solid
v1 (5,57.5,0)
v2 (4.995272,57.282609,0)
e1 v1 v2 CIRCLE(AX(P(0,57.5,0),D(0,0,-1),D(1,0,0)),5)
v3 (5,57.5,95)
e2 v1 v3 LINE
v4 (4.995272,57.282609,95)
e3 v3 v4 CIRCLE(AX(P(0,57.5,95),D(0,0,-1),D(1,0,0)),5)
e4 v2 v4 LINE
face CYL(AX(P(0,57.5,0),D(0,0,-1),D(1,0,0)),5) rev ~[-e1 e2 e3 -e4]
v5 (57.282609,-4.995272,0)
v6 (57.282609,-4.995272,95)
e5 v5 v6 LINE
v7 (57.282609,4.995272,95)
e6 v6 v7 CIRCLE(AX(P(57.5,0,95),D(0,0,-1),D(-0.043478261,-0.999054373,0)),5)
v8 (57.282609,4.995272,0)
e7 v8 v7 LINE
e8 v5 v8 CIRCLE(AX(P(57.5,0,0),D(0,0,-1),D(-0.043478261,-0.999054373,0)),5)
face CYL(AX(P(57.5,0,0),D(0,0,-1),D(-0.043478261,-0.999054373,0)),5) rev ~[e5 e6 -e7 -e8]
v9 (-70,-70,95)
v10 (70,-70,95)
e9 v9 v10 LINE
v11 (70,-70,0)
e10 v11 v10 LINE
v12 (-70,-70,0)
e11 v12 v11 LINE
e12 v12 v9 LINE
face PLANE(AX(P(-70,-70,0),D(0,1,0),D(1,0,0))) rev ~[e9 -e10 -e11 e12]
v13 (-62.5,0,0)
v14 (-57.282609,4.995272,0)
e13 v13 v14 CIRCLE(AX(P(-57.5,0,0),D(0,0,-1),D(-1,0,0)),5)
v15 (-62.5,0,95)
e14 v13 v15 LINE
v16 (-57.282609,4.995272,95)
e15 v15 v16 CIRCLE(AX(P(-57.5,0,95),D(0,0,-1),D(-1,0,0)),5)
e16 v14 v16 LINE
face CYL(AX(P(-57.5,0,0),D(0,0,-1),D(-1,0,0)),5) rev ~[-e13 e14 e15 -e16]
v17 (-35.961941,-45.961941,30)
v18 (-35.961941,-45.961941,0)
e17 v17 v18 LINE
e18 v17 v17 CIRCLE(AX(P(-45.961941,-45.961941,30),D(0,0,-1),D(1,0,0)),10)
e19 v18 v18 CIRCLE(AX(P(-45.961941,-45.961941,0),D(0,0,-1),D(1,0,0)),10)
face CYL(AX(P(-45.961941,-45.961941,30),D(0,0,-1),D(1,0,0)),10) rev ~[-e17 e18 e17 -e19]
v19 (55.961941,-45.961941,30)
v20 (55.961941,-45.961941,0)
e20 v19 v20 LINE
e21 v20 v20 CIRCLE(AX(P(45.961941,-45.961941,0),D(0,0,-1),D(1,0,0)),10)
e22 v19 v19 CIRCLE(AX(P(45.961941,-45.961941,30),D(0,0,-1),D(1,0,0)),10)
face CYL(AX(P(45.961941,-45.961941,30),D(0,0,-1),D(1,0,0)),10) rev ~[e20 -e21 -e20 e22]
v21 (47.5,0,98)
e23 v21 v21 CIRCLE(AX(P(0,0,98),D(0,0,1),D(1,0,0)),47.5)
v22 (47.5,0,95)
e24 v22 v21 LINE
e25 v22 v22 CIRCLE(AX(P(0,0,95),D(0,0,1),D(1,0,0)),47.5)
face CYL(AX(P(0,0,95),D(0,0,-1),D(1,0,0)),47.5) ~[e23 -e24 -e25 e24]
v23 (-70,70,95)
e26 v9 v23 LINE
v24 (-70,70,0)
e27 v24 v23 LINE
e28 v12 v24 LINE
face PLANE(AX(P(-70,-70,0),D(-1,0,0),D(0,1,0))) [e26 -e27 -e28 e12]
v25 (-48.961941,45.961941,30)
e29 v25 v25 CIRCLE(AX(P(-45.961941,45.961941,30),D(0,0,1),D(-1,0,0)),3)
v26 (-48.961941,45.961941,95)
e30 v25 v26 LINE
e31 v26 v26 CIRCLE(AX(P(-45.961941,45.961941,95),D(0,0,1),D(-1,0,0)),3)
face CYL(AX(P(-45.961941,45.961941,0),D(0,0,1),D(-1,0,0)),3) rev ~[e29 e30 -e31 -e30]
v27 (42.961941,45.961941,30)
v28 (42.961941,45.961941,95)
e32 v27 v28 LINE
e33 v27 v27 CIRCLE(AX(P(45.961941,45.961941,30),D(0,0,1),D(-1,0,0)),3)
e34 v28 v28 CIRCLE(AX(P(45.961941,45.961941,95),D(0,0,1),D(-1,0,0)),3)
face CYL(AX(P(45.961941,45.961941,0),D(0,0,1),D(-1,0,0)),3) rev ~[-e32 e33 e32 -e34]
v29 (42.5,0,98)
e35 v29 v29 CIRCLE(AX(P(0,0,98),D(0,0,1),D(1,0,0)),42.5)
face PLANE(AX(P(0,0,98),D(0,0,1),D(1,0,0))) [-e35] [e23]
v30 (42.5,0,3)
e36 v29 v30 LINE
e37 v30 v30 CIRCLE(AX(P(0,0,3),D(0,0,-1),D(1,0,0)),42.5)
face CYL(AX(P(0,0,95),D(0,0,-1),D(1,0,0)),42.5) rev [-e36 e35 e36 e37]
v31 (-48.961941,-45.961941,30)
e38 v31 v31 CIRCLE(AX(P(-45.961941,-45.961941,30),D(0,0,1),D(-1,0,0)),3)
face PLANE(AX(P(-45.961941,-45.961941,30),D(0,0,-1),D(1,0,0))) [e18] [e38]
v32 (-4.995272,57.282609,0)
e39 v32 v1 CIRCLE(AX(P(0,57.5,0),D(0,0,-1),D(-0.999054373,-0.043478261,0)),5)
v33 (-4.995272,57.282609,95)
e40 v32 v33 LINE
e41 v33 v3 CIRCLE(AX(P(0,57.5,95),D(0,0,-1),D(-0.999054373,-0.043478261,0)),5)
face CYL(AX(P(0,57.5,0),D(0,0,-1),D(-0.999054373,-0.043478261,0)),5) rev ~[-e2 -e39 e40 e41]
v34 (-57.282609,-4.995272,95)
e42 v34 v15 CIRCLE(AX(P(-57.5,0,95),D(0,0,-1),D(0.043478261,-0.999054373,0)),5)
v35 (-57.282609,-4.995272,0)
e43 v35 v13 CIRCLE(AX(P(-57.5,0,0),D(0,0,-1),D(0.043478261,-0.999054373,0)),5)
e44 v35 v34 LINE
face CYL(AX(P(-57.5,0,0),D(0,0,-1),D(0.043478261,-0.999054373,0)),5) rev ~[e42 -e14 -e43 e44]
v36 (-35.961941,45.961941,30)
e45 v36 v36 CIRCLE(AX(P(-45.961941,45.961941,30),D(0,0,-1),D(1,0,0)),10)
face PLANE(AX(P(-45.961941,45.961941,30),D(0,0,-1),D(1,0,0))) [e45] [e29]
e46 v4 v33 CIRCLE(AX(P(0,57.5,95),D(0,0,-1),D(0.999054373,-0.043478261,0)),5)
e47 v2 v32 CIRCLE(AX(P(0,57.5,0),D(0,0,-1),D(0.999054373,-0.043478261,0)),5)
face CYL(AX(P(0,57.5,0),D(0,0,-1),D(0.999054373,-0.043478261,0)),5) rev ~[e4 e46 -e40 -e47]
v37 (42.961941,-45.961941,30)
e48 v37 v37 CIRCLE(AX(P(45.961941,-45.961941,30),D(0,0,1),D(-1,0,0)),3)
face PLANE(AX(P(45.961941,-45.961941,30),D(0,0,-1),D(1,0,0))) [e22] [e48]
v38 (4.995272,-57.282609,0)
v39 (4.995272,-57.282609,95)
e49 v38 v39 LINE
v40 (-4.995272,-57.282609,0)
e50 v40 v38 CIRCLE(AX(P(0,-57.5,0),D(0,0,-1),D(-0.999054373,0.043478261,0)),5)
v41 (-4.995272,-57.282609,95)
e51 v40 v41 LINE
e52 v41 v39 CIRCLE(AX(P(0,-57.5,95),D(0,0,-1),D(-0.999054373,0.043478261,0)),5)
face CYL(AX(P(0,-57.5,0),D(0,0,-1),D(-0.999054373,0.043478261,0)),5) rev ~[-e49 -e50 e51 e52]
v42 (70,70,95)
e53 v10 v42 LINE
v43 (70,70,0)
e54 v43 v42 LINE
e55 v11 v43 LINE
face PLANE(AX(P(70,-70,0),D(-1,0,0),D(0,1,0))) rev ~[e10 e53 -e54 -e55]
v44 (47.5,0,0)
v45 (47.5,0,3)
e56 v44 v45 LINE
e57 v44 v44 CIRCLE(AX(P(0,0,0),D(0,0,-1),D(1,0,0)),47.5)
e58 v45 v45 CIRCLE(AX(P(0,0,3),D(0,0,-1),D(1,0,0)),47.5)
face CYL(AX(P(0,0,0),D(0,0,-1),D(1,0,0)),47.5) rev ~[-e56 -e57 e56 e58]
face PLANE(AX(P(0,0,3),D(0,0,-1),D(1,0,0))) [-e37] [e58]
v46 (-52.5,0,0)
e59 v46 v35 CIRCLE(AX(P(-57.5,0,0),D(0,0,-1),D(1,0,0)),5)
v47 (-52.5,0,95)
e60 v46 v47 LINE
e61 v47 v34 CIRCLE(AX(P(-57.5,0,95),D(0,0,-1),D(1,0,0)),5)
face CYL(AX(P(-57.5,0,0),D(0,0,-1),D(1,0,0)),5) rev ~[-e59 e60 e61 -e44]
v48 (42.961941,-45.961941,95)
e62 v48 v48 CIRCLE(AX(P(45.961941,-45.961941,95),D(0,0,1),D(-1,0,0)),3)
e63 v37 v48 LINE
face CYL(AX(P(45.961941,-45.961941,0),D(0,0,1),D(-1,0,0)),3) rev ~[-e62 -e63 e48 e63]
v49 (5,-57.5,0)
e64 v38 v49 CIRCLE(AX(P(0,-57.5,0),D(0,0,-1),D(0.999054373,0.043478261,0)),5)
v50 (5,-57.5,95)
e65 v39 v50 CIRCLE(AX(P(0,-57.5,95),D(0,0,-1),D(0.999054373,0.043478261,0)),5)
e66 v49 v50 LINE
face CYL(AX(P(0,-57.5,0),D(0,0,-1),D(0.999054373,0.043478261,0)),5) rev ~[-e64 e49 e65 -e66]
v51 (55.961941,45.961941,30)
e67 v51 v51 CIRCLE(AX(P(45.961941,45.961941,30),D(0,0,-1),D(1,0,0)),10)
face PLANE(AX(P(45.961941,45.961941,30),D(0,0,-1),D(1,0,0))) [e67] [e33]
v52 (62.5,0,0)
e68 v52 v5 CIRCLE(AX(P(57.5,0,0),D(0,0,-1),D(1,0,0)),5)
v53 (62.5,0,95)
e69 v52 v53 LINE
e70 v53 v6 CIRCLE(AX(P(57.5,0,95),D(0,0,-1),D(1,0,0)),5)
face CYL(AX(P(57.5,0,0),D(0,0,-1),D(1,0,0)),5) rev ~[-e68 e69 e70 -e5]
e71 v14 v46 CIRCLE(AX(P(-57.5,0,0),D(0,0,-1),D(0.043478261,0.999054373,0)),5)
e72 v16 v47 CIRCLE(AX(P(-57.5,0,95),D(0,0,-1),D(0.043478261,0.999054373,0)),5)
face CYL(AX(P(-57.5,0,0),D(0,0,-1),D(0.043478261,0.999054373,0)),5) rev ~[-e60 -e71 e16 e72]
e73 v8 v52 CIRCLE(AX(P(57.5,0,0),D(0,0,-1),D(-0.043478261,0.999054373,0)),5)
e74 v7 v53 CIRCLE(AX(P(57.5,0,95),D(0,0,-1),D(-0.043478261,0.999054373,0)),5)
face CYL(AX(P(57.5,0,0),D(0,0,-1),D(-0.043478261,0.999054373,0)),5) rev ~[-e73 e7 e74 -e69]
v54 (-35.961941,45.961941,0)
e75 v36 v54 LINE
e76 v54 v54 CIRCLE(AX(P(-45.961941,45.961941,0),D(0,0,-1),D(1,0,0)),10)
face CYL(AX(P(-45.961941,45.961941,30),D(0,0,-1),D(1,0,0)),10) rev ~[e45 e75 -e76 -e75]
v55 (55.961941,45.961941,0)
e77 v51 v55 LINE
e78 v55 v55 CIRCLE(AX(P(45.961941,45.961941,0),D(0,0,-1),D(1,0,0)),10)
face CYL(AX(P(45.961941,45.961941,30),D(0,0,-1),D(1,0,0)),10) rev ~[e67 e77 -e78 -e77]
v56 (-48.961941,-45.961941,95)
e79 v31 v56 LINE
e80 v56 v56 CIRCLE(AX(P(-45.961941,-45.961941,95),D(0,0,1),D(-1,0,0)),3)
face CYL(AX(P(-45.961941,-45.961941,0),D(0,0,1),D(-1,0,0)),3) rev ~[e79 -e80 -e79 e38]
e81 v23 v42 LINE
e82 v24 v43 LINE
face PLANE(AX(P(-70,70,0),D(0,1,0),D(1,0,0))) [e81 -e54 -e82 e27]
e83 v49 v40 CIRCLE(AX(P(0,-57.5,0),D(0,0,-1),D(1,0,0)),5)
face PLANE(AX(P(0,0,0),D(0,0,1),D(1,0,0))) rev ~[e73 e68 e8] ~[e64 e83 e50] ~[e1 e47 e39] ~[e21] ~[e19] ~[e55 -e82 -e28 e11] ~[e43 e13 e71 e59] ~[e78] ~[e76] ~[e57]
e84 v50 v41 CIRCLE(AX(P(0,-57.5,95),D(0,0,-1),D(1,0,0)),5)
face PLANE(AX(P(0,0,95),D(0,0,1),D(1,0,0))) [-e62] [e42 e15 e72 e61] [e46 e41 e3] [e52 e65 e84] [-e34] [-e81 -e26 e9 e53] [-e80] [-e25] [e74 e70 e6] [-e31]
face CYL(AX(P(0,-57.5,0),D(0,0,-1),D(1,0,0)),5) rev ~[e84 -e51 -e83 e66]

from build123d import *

# Parameters (mm, degrees)
F0_W           = 140
F0_H           = 140
F0_R           = 42.5
F1_DEPTH       = 95
F2_R           = 47.5
F2_R_2         = 42.5
F3_DEPTH       = 3
F4_R           = 47.5
F4_R_2         = 42.5
F5_DEPTH       = 3
F8_DEPTH       = 98.001
F9_D           = 6
F9_CBORE_D     = 20
F9_CBORE_DEPTH = 30


with BuildPart() as f1:
    # F0 (on Top) → F1 (new body)
    with BuildSketch(Plane.XY):
        Rectangle(F0_W, F0_H)
        Circle(F0_R, mode=Mode.SUBTRACT)
    extrude(amount=F1_DEPTH)

    # F2 (on face) → F3 (join)
    with BuildSketch(Plane.XY.offset(95)):
        Circle(F2_R)
        Circle(F2_R_2, mode=Mode.SUBTRACT)
    extrude(amount=F3_DEPTH)

    # F4 (on face) → F5 (cut)
    with BuildSketch(Plane(origin=(0, 0, 0), x_dir=(1, 0, 0), z_dir=(0, 0, -1))):
        Circle(F4_R)
        Circle(F4_R_2, mode=Mode.SUBTRACT)
    extrude(amount=-F5_DEPTH, mode=Mode.SUBTRACT)

    # F7 (on face) → F8 (cut, through all)
    with BuildSketch(Plane(origin=(0, 0, 0), x_dir=(1, 0, 0), z_dir=(0, 0, -1))):
        with BuildLine():
            ThreePointArc((-62.5, 0), (-60.957820374, -3.6115755926), (-57.2826086957, -4.9952718666))
            ThreePointArc((-57.2826086957, -4.9952718666), (-57.4456264654, -2.5), (-57.5, 0))
            Line((-57.5, 0), (-62.5, 0))
        make_face()
        with BuildLine():
            ThreePointArc((-57.5, 0), (-57.4456264654, -2.5), (-57.2826086957, -4.9952718666))
            ThreePointArc((-57.2826086957, -4.9952718666), (-53.8884244074, -3.457820374), (-52.5, 0))
            Line((-52.5, 0), (-57.5, 0))
        make_face()
        with BuildLine():
            ThreePointArc((-52.5, 0), (-53.8884244074, 3.457820374), (-57.2826086957, 4.9952718666))
            ThreePointArc((-57.2826086957, 4.9952718666), (-57.4456264654, 2.5), (-57.5, 0))
            Line((-57.5, 0), (-52.5, 0))
        make_face()
        with BuildLine():
            ThreePointArc((-57.5, 0), (-57.4456264654, 2.5), (-57.2826086957, 4.9952718666))
            ThreePointArc((-57.2826086957, 4.9952718666), (-60.957820374, 3.6115755926), (-62.5, 0))
            Line((-62.5, 0), (-57.5, 0))
        make_face()
        with BuildLine():
            ThreePointArc((-4.9952718666, -57.2826086957), (0, -57.5), (4.9952718666, -57.2826086957))
            ThreePointArc((4.9952718666, -57.2826086957), (0, -52.5), (-4.9952718666, -57.2826086957))
        make_face()
        with BuildLine():
            ThreePointArc((5, -57.5), (4.9988178269, -57.3912786423), (4.9952718666, -57.2826086957))
            ThreePointArc((4.9952718666, -57.2826086957), (0, -57.5), (-4.9952718666, -57.2826086957))
            ThreePointArc((-4.9952718666, -57.2826086957), (-0.1087213577, -62.4988178269), (5, -57.5))
        make_face()
        with BuildLine():
            ThreePointArc((57.2826086957, 4.9952718666), (57.4456264654, 2.5), (57.5, 0))
            ThreePointArc((57.5, 0), (57.4456264654, -2.5), (57.2826086957, -4.9952718666))
            ThreePointArc((57.2826086957, -4.9952718666), (60.957820374, -3.6115755926), (62.5, 0))
            ThreePointArc((62.5, 0), (60.957820374, 3.6115755926), (57.2826086957, 4.9952718666))
        make_face()
        with BuildLine():
            ThreePointArc((57.2826086957, -4.9952718666), (57.4456264654, -2.5), (57.5, 0))
            ThreePointArc((57.5, 0), (57.4456264654, 2.5), (57.2826086957, 4.9952718666))
            ThreePointArc((57.2826086957, 4.9952718666), (52.5, 0), (57.2826086957, -4.9952718666))
        make_face()
        with BuildLine():
            ThreePointArc((-4.9952718666, 57.2826086957), (0, 52.5), (4.9952718666, 57.2826086957))
            ThreePointArc((4.9952718666, 57.2826086957), (0, 57.5), (-4.9952718666, 57.2826086957))
        make_face()
        with BuildLine():
            ThreePointArc((-4.9952718666, 57.2826086957), (0, 57.5), (4.9952718666, 57.2826086957))
            ThreePointArc((4.9952718666, 57.2826086957), (4.9988178269, 57.3912786423), (5, 57.5))
            ThreePointArc((5, 57.5), (-0.1087213577, 62.4988178269), (-4.9952718666, 57.2826086957))
        make_face()
    extrude(amount=-F8_DEPTH, mode=Mode.SUBTRACT)

    # F9 (through all)
    with Locations(Plane(origin=(0, 0, 0), x_dir=(1, 0, 0), z_dir=(0, 0, -1))):
        with Locations((-45.9619407771, -45.9619407771), (-45.9619407771, 45.9619407771), (45.9619407771, -45.9619407771), (45.9619407771, 45.9619407771)):
            CounterBoreHole(F9_D / 2, F9_CBORE_D / 2, F9_CBORE_DEPTH)


solid = f1.part
